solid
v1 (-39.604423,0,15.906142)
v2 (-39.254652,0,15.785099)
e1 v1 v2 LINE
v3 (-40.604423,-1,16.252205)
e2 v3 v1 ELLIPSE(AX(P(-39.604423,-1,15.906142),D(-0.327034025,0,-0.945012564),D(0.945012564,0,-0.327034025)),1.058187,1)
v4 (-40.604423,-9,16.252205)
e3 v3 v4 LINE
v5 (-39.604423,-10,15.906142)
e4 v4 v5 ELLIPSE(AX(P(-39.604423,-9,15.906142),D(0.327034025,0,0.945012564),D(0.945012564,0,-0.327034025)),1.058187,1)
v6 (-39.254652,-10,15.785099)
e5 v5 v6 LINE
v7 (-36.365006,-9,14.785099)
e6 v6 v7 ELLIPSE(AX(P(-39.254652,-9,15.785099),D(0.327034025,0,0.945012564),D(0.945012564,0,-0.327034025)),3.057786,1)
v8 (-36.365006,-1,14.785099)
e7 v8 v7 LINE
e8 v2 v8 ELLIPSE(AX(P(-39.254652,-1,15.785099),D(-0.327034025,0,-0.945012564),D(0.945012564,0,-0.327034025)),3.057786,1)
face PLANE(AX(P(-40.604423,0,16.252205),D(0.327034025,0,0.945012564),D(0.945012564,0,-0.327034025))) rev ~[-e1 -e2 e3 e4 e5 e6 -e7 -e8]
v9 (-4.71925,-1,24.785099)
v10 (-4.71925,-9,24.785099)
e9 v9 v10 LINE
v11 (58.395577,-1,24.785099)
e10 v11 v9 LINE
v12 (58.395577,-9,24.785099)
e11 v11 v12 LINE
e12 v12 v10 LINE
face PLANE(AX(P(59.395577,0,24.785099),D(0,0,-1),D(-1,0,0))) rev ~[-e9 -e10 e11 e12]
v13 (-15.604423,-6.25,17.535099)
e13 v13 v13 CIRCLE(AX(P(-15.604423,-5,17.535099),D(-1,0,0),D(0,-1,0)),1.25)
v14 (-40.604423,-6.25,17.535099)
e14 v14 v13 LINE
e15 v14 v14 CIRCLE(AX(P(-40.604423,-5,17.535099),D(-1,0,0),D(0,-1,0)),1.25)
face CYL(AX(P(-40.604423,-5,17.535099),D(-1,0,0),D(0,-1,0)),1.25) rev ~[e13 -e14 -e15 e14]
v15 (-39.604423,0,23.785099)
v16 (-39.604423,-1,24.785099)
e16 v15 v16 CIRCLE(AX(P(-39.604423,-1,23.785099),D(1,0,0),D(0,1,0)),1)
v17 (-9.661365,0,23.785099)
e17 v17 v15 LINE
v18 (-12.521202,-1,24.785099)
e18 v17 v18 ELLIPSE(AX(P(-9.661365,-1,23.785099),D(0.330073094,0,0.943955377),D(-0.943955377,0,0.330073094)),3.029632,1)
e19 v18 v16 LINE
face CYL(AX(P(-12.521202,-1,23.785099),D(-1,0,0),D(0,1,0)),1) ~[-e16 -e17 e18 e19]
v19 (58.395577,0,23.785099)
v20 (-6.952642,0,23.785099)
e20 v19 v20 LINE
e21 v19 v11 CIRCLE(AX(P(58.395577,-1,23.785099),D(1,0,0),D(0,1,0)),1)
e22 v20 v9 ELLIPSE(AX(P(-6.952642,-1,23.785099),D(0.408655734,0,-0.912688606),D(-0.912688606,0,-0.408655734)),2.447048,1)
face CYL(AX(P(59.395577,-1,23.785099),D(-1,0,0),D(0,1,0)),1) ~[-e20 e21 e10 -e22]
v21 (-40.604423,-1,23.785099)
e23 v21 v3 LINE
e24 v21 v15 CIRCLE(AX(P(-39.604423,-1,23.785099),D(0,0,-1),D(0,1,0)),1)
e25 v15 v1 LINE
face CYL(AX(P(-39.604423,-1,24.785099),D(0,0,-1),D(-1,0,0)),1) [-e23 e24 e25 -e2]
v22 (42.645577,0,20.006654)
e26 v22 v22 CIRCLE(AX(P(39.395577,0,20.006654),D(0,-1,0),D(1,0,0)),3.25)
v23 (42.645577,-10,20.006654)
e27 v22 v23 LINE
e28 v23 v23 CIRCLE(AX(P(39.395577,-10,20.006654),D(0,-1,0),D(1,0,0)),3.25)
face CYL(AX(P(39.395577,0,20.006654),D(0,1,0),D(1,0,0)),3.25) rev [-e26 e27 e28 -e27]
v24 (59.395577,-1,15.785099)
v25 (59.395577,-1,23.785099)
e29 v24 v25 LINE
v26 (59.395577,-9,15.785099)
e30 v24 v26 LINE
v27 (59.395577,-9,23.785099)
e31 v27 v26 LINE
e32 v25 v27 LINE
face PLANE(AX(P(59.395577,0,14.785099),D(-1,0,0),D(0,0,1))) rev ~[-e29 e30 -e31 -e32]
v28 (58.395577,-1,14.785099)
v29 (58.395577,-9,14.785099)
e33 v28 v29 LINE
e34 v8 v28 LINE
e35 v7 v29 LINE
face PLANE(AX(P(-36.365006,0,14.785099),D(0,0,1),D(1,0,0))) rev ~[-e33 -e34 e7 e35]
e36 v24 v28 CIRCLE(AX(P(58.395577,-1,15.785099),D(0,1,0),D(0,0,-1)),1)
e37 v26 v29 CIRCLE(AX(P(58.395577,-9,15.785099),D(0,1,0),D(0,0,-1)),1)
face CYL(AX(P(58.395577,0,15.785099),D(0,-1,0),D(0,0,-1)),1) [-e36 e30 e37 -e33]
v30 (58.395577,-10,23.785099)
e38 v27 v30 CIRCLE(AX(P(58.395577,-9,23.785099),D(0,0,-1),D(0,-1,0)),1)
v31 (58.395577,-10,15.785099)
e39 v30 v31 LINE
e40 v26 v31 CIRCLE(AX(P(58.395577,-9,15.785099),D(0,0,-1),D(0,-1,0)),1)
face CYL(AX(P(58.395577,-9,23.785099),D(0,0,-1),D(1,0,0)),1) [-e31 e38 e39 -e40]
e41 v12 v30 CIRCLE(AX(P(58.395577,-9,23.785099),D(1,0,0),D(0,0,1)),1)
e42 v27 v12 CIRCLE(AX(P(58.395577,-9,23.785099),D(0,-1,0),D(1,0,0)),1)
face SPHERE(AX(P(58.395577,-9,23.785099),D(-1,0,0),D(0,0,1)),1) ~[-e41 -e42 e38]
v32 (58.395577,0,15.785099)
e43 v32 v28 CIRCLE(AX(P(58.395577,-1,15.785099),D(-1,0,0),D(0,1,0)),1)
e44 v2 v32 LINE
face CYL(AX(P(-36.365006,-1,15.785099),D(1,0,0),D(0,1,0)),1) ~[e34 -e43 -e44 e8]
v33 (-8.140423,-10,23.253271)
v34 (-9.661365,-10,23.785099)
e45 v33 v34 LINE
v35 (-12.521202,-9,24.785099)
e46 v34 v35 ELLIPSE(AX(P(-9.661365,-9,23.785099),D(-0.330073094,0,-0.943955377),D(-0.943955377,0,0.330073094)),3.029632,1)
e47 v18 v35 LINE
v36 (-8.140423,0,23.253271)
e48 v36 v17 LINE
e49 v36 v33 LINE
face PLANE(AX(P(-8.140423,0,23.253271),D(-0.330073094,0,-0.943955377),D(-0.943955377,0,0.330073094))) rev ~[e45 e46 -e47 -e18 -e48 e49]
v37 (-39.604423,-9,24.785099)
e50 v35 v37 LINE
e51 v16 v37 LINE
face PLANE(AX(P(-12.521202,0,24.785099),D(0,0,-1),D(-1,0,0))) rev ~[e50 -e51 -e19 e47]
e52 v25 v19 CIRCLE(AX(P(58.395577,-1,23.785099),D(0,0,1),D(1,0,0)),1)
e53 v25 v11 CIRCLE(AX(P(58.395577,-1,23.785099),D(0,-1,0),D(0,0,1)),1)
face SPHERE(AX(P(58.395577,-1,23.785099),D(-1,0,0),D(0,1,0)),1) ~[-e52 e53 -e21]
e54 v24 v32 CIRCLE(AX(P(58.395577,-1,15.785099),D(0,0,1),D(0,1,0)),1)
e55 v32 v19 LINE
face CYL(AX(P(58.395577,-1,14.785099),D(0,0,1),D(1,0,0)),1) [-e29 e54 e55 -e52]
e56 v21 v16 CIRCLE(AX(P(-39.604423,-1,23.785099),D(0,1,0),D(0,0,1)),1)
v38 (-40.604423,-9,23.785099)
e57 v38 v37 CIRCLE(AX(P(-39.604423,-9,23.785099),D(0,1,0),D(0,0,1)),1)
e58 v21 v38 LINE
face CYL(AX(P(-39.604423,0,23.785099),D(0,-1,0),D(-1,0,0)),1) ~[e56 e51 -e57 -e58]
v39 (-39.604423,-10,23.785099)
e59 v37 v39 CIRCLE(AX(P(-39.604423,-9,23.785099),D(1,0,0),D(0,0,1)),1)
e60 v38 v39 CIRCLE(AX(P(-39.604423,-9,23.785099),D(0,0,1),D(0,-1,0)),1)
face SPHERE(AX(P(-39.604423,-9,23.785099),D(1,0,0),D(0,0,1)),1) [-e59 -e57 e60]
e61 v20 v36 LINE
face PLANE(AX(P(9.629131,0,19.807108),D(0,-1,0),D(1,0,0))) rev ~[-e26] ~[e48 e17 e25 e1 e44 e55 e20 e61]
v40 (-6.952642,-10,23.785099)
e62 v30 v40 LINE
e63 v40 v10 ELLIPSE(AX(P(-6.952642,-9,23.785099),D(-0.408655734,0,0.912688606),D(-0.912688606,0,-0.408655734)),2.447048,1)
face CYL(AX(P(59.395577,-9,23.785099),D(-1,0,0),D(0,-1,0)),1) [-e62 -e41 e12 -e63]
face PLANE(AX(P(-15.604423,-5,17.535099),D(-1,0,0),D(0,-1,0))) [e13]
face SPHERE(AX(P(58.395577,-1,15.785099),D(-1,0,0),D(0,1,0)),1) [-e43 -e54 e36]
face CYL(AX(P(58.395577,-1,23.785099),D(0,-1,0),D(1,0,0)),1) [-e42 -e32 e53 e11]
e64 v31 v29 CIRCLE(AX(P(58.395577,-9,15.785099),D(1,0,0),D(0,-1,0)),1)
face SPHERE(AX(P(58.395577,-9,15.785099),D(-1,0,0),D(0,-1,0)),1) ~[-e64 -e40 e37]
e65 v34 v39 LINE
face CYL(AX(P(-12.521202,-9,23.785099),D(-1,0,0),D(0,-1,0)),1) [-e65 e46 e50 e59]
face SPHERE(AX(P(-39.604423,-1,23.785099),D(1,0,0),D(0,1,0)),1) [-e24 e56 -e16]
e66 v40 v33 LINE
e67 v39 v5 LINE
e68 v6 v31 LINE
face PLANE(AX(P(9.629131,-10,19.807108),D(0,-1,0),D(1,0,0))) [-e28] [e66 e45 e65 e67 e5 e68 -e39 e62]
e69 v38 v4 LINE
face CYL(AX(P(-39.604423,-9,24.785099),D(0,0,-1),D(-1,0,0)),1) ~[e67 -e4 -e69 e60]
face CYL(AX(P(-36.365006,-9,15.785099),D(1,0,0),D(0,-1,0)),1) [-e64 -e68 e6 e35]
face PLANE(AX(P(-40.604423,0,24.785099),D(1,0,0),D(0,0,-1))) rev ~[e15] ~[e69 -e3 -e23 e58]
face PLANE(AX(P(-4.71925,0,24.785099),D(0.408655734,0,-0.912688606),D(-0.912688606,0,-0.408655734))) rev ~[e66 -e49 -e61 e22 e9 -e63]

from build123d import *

# Parameters (mm, degrees)
F0_R     = 3.25
F1_DEPTH = 10
F2_R     = 1.25
F3_DEPTH = 25
F4_R     = 1
F5_R     = 1


with BuildPart() as f1:
    # F0 (on Front) → F1 (new body)
    with BuildSketch(Plane.XZ):
        Polygon((-40.604423, 16.252205), (-36.365006, 14.785099), (59.395577, 14.785099), (59.395577, 24.785099), (-4.71925, 24.785099), (-8.140423, 23.253271), (-12.521202, 24.785099), (-40.604423, 24.785099), align=None)
        with Locations((39.395577, 20.006654)):
            Circle(F0_R, mode=Mode.SUBTRACT)
    extrude(amount=F1_DEPTH)

    # F2 (on face) → F3 (cut)
    with BuildSketch(Plane(origin=(-40.604423, 0, 0), x_dir=(0, -1, 0), z_dir=(-1, 0, 0))):
        with Locations((5, 17.535099)):
            Circle(F2_R)
    extrude(amount=-F3_DEPTH, mode=Mode.SUBTRACT)

    # F4
    f4_edges = [f1.edges().sort_by_distance(p)[0] for p in [
        (-26.562812, -10, 24.785099),
        (27.338164, -10, 24.785099),
        (27.338164, 0, 24.785099),
        (-26.562812, 0, 24.785099),
        (-40.604423, 0, 20.518652),
        (-40.604423, -5, 24.785099),
        (-40.604423, -10, 20.518652),
    ]]
    fillet(f4_edges, radius=F4_R)

    # F5
    f5_edges = [f1.edges().sort_by_distance(p)[0] for p in [
        (11.515286, -10, 14.785099),
        (11.515286, 0, 14.785099),
        (59.395577, -5, 24.785099),
        (59.395577, -0.292893, 24.492206),
        (59.395577, -9.707107, 24.492206),
        (59.395577, 0, 19.285099),
        (59.395577, -10, 19.285099),
        (59.395577, -5, 14.785099),
    ]]
    fillet(f5_edges, radius=F5_R)


solid = f1.part
